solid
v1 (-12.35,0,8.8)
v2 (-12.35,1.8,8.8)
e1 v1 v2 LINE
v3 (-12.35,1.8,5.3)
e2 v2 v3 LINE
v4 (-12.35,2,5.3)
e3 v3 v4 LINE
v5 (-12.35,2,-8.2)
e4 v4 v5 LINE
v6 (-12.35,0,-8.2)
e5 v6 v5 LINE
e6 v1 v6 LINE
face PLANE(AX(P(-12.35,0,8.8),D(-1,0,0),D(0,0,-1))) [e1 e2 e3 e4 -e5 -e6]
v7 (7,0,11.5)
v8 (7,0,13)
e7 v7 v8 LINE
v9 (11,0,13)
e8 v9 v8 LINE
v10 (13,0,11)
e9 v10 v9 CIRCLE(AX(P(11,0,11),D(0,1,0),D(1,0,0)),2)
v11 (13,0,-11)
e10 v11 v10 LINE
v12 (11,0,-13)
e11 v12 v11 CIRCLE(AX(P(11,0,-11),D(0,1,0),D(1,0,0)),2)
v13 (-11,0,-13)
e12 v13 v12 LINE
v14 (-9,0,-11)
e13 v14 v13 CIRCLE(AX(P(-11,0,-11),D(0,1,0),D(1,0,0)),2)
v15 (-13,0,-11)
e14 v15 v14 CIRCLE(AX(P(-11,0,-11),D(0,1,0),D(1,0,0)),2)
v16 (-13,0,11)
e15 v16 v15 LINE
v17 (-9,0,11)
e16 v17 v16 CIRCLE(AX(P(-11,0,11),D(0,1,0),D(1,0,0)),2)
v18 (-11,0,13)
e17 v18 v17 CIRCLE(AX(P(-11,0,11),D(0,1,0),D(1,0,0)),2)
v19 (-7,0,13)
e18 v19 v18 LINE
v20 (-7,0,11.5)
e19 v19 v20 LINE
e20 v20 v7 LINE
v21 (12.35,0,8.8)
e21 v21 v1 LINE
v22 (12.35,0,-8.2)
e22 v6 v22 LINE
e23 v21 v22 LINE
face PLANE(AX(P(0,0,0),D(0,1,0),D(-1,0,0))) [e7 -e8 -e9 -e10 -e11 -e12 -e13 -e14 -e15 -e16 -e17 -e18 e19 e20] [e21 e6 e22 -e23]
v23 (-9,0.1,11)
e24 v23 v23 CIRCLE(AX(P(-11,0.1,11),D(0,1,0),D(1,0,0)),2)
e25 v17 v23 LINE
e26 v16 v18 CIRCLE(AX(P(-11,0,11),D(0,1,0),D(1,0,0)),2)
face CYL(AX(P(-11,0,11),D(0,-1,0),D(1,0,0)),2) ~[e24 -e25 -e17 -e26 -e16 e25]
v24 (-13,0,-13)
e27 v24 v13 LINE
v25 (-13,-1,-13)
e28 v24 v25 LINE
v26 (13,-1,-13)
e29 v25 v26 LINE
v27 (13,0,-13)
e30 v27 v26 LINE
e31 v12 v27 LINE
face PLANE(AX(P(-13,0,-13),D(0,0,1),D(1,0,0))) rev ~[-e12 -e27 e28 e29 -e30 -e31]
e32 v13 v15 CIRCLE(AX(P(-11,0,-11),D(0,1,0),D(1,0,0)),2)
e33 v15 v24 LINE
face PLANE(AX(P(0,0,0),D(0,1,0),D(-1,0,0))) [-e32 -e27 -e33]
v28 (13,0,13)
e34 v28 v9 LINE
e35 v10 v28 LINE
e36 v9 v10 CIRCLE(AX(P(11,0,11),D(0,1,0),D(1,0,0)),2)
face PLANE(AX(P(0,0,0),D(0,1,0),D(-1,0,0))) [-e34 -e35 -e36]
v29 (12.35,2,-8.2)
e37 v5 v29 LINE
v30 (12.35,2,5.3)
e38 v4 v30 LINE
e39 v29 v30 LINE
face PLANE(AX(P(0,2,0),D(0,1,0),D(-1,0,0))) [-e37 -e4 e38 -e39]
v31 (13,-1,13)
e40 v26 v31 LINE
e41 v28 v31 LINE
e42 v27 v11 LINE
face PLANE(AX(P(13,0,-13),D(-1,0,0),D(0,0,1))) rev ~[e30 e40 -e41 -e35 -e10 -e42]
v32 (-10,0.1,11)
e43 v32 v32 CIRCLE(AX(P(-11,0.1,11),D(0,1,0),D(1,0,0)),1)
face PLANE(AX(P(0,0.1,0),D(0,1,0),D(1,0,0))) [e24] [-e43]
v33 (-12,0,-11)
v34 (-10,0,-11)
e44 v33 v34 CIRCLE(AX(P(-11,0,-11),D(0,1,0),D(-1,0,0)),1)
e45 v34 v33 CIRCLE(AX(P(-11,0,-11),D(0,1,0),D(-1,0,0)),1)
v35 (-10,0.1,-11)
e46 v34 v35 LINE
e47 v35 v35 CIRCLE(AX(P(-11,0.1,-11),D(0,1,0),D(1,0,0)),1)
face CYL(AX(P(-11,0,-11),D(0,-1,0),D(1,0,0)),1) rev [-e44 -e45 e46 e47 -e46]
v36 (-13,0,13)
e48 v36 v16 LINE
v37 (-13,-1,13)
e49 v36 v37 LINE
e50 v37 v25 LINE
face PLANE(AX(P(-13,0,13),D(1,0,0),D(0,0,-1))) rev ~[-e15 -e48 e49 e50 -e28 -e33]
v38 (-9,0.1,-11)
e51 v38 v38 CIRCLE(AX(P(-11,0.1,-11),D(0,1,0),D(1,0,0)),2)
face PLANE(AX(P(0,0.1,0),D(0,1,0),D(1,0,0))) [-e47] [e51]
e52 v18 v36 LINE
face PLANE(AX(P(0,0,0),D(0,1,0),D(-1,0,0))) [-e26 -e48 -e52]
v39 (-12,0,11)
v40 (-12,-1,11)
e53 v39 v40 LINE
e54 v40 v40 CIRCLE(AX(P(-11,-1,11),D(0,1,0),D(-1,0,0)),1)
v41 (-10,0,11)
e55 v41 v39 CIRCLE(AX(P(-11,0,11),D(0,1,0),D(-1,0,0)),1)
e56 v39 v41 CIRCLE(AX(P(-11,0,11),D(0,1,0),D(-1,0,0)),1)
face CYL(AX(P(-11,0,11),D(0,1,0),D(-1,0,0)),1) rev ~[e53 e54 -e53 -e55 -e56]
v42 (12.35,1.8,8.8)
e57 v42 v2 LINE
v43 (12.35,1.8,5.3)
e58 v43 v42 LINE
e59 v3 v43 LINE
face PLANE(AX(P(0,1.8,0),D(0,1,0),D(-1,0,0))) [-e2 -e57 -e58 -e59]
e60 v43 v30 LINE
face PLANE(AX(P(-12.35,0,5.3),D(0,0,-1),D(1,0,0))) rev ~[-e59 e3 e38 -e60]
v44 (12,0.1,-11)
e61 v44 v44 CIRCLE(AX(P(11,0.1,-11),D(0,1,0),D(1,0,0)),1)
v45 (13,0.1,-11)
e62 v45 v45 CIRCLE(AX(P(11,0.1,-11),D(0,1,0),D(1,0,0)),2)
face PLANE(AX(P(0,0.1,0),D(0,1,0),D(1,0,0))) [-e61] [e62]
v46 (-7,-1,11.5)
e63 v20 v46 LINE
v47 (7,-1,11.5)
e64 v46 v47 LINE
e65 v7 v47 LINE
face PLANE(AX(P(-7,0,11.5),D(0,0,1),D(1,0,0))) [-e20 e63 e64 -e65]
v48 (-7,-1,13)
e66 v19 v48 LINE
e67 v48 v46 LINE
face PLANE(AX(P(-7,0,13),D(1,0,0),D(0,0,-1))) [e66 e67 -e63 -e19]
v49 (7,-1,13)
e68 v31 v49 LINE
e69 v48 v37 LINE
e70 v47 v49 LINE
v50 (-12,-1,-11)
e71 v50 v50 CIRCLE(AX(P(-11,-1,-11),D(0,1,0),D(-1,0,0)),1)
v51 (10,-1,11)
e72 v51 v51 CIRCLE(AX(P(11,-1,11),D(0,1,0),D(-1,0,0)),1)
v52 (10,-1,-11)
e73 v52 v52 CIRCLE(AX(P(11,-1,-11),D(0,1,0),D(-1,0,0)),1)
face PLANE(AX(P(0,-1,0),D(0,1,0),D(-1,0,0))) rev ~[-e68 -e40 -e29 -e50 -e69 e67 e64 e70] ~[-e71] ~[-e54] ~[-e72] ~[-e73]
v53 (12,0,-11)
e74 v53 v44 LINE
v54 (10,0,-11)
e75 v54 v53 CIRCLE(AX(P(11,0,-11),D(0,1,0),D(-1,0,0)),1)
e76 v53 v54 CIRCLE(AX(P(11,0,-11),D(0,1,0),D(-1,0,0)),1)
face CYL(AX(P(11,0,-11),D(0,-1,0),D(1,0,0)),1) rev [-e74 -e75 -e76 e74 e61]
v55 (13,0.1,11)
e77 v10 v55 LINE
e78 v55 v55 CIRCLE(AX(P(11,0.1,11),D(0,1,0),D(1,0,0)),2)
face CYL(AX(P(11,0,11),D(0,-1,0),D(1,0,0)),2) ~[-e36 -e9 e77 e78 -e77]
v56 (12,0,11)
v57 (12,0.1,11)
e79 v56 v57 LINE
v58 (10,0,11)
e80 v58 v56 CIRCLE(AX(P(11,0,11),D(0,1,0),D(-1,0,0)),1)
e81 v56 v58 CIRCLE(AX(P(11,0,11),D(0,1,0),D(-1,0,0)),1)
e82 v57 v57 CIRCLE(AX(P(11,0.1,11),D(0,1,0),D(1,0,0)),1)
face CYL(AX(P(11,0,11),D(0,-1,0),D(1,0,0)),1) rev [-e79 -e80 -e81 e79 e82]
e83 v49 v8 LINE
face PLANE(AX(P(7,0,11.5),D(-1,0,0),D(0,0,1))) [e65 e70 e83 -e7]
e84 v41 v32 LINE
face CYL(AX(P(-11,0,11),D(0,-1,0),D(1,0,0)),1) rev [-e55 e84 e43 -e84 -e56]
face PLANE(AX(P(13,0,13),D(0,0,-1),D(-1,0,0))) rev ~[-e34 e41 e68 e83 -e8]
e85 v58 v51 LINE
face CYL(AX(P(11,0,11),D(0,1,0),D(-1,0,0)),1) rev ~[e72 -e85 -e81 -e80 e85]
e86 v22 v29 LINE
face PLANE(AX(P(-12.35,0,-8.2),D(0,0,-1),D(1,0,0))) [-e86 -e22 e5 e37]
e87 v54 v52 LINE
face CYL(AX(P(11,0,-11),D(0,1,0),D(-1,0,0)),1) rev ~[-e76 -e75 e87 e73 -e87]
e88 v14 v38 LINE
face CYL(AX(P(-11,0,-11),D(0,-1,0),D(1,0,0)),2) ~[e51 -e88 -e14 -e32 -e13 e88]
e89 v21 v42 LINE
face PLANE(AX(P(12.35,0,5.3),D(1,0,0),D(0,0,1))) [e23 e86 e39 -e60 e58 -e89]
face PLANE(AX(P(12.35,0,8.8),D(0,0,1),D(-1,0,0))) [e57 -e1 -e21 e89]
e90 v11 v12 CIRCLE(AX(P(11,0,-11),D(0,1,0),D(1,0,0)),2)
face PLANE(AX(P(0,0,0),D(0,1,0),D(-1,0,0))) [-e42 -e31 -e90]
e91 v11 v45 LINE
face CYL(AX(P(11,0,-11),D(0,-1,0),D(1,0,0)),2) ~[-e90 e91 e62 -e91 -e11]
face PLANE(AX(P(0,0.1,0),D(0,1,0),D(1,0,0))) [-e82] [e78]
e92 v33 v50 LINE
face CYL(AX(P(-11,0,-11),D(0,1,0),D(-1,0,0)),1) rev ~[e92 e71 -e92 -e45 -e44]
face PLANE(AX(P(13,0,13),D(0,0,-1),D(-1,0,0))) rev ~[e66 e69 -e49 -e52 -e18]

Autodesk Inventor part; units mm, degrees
ref_plane "YZ Plane" through (0, 0, 0) normal (1, 0, 0) x (0, 1, 0)
ref_plane "XZ Plane" through (0, 0, 0) normal (0, 1, 0) x (-1, 0, 0)
ref_plane "XY Plane" through (0, 0, 0) normal (0, 0, 1) x (1, 0, 0)
sketch "스케치1" plane through (0, 0, 0) normal (0, 1, 0) x (-1, 0, 0)
  line L0 (-13, 13) -> (13, 13)
  line L1 (13, 13) -> (13, -13)
  line L2 (13, -13) -> (-13, -13)
  line L3 (-13, -13) -> (-13, 13)
  line L4 (-13, 13) -> (13, -13) construction
  line L5 (13, 13) -> (-13, -13) construction
  circle A0 centre (11, 11) radius 1
  line L6 (12.35, -8.2) -> (-12.35, -8.2)
  line L7 (-12.35, -8.2) -> (-12.35, 8.8)
  line L8 (-12.35, 8.8) -> (12.35, 8.8)
  line L9 (12.35, 8.8) -> (12.35, -8.2)
  line L10 (12.35, 5.3) -> (-12.35, 5.3)
  line L11 (0, 0) -> (0, -5.5368) construction
  line L12 (0, 0) -> (-4.847, 0) construction
  circle A1 centre (-11, 11) radius 1
  circle A2 centre (11, -11) radius 1
  circle A3 centre (-11, -11) radius 1
  dimension "d0" = 26
  dimension "d1" = 26
  dimension "d5" = 2
  dimension "d6" = 2
  dimension "d14" = 2
  dimension "d15" = 24.7
  dimension "d16" = 17
  dimension "d17" = 4.8
  dimension "d18" = 13.5
extrude "돌출1" add sketch "스케치1" against normal blind 1 contours L0 L1 L2 L3 | L6 L7 L10 L9 | L10 L7 L8 L9
extrude "돌출3" add sketch "스케치1" along normal blind 2 contours L6 L7 L10 L9
extrude "돌출4" add sketch "스케치1" along normal blind 1.8 contours L10 L7 L8 L9
sketch "스케치2" plane through (0, 0, 0) normal (0, 1, 0) x (1, 0, 0)
  line L0 (-7, -11.5) -> (7, -11.5)
  line L1 (7, -11.5) -> (7, -14.5)
  line L2 (7, -14.5) -> (-7, -14.5)
  line L3 (-7, -14.5) -> (-7, -11.5)
  line L4 (13, -13) -> (-13, -13) projected
  line L5 (-7, -11.5) -> (7, -14.5) construction
  line L6 (7, -11.5) -> (-7, -14.5) construction
  point P0 (0, 0)
  point P1 (0, -13)
  dimension "d23" = 14
  dimension "d24" = 3
extrude "돌출5" cut sketch "스케치2" against normal blind 16.75
sketch "스케치3" plane through (0, 0, 0) normal (0, 1, 0) x (1, 0, 0)
  circle A0 centre (-11, 11) radius 1 projected
  circle A1 centre (-11, 11) radius 2
  circle A2 centre (11, 11) radius 1 projected
  circle A3 centre (11, 11) radius 2
  circle A4 centre (11, -11) radius 1 projected
  circle A5 centre (11, -11) radius 2
  circle A6 centre (-11, -11) radius 1 projected
  circle A7 centre (-11, -11) radius 2
  point P0 (0, 0)
  dimension "d27" = 4
extrude "돌출6" add sketch "스케치3" along normal blind 0.1
properties part number "OLED Display"
